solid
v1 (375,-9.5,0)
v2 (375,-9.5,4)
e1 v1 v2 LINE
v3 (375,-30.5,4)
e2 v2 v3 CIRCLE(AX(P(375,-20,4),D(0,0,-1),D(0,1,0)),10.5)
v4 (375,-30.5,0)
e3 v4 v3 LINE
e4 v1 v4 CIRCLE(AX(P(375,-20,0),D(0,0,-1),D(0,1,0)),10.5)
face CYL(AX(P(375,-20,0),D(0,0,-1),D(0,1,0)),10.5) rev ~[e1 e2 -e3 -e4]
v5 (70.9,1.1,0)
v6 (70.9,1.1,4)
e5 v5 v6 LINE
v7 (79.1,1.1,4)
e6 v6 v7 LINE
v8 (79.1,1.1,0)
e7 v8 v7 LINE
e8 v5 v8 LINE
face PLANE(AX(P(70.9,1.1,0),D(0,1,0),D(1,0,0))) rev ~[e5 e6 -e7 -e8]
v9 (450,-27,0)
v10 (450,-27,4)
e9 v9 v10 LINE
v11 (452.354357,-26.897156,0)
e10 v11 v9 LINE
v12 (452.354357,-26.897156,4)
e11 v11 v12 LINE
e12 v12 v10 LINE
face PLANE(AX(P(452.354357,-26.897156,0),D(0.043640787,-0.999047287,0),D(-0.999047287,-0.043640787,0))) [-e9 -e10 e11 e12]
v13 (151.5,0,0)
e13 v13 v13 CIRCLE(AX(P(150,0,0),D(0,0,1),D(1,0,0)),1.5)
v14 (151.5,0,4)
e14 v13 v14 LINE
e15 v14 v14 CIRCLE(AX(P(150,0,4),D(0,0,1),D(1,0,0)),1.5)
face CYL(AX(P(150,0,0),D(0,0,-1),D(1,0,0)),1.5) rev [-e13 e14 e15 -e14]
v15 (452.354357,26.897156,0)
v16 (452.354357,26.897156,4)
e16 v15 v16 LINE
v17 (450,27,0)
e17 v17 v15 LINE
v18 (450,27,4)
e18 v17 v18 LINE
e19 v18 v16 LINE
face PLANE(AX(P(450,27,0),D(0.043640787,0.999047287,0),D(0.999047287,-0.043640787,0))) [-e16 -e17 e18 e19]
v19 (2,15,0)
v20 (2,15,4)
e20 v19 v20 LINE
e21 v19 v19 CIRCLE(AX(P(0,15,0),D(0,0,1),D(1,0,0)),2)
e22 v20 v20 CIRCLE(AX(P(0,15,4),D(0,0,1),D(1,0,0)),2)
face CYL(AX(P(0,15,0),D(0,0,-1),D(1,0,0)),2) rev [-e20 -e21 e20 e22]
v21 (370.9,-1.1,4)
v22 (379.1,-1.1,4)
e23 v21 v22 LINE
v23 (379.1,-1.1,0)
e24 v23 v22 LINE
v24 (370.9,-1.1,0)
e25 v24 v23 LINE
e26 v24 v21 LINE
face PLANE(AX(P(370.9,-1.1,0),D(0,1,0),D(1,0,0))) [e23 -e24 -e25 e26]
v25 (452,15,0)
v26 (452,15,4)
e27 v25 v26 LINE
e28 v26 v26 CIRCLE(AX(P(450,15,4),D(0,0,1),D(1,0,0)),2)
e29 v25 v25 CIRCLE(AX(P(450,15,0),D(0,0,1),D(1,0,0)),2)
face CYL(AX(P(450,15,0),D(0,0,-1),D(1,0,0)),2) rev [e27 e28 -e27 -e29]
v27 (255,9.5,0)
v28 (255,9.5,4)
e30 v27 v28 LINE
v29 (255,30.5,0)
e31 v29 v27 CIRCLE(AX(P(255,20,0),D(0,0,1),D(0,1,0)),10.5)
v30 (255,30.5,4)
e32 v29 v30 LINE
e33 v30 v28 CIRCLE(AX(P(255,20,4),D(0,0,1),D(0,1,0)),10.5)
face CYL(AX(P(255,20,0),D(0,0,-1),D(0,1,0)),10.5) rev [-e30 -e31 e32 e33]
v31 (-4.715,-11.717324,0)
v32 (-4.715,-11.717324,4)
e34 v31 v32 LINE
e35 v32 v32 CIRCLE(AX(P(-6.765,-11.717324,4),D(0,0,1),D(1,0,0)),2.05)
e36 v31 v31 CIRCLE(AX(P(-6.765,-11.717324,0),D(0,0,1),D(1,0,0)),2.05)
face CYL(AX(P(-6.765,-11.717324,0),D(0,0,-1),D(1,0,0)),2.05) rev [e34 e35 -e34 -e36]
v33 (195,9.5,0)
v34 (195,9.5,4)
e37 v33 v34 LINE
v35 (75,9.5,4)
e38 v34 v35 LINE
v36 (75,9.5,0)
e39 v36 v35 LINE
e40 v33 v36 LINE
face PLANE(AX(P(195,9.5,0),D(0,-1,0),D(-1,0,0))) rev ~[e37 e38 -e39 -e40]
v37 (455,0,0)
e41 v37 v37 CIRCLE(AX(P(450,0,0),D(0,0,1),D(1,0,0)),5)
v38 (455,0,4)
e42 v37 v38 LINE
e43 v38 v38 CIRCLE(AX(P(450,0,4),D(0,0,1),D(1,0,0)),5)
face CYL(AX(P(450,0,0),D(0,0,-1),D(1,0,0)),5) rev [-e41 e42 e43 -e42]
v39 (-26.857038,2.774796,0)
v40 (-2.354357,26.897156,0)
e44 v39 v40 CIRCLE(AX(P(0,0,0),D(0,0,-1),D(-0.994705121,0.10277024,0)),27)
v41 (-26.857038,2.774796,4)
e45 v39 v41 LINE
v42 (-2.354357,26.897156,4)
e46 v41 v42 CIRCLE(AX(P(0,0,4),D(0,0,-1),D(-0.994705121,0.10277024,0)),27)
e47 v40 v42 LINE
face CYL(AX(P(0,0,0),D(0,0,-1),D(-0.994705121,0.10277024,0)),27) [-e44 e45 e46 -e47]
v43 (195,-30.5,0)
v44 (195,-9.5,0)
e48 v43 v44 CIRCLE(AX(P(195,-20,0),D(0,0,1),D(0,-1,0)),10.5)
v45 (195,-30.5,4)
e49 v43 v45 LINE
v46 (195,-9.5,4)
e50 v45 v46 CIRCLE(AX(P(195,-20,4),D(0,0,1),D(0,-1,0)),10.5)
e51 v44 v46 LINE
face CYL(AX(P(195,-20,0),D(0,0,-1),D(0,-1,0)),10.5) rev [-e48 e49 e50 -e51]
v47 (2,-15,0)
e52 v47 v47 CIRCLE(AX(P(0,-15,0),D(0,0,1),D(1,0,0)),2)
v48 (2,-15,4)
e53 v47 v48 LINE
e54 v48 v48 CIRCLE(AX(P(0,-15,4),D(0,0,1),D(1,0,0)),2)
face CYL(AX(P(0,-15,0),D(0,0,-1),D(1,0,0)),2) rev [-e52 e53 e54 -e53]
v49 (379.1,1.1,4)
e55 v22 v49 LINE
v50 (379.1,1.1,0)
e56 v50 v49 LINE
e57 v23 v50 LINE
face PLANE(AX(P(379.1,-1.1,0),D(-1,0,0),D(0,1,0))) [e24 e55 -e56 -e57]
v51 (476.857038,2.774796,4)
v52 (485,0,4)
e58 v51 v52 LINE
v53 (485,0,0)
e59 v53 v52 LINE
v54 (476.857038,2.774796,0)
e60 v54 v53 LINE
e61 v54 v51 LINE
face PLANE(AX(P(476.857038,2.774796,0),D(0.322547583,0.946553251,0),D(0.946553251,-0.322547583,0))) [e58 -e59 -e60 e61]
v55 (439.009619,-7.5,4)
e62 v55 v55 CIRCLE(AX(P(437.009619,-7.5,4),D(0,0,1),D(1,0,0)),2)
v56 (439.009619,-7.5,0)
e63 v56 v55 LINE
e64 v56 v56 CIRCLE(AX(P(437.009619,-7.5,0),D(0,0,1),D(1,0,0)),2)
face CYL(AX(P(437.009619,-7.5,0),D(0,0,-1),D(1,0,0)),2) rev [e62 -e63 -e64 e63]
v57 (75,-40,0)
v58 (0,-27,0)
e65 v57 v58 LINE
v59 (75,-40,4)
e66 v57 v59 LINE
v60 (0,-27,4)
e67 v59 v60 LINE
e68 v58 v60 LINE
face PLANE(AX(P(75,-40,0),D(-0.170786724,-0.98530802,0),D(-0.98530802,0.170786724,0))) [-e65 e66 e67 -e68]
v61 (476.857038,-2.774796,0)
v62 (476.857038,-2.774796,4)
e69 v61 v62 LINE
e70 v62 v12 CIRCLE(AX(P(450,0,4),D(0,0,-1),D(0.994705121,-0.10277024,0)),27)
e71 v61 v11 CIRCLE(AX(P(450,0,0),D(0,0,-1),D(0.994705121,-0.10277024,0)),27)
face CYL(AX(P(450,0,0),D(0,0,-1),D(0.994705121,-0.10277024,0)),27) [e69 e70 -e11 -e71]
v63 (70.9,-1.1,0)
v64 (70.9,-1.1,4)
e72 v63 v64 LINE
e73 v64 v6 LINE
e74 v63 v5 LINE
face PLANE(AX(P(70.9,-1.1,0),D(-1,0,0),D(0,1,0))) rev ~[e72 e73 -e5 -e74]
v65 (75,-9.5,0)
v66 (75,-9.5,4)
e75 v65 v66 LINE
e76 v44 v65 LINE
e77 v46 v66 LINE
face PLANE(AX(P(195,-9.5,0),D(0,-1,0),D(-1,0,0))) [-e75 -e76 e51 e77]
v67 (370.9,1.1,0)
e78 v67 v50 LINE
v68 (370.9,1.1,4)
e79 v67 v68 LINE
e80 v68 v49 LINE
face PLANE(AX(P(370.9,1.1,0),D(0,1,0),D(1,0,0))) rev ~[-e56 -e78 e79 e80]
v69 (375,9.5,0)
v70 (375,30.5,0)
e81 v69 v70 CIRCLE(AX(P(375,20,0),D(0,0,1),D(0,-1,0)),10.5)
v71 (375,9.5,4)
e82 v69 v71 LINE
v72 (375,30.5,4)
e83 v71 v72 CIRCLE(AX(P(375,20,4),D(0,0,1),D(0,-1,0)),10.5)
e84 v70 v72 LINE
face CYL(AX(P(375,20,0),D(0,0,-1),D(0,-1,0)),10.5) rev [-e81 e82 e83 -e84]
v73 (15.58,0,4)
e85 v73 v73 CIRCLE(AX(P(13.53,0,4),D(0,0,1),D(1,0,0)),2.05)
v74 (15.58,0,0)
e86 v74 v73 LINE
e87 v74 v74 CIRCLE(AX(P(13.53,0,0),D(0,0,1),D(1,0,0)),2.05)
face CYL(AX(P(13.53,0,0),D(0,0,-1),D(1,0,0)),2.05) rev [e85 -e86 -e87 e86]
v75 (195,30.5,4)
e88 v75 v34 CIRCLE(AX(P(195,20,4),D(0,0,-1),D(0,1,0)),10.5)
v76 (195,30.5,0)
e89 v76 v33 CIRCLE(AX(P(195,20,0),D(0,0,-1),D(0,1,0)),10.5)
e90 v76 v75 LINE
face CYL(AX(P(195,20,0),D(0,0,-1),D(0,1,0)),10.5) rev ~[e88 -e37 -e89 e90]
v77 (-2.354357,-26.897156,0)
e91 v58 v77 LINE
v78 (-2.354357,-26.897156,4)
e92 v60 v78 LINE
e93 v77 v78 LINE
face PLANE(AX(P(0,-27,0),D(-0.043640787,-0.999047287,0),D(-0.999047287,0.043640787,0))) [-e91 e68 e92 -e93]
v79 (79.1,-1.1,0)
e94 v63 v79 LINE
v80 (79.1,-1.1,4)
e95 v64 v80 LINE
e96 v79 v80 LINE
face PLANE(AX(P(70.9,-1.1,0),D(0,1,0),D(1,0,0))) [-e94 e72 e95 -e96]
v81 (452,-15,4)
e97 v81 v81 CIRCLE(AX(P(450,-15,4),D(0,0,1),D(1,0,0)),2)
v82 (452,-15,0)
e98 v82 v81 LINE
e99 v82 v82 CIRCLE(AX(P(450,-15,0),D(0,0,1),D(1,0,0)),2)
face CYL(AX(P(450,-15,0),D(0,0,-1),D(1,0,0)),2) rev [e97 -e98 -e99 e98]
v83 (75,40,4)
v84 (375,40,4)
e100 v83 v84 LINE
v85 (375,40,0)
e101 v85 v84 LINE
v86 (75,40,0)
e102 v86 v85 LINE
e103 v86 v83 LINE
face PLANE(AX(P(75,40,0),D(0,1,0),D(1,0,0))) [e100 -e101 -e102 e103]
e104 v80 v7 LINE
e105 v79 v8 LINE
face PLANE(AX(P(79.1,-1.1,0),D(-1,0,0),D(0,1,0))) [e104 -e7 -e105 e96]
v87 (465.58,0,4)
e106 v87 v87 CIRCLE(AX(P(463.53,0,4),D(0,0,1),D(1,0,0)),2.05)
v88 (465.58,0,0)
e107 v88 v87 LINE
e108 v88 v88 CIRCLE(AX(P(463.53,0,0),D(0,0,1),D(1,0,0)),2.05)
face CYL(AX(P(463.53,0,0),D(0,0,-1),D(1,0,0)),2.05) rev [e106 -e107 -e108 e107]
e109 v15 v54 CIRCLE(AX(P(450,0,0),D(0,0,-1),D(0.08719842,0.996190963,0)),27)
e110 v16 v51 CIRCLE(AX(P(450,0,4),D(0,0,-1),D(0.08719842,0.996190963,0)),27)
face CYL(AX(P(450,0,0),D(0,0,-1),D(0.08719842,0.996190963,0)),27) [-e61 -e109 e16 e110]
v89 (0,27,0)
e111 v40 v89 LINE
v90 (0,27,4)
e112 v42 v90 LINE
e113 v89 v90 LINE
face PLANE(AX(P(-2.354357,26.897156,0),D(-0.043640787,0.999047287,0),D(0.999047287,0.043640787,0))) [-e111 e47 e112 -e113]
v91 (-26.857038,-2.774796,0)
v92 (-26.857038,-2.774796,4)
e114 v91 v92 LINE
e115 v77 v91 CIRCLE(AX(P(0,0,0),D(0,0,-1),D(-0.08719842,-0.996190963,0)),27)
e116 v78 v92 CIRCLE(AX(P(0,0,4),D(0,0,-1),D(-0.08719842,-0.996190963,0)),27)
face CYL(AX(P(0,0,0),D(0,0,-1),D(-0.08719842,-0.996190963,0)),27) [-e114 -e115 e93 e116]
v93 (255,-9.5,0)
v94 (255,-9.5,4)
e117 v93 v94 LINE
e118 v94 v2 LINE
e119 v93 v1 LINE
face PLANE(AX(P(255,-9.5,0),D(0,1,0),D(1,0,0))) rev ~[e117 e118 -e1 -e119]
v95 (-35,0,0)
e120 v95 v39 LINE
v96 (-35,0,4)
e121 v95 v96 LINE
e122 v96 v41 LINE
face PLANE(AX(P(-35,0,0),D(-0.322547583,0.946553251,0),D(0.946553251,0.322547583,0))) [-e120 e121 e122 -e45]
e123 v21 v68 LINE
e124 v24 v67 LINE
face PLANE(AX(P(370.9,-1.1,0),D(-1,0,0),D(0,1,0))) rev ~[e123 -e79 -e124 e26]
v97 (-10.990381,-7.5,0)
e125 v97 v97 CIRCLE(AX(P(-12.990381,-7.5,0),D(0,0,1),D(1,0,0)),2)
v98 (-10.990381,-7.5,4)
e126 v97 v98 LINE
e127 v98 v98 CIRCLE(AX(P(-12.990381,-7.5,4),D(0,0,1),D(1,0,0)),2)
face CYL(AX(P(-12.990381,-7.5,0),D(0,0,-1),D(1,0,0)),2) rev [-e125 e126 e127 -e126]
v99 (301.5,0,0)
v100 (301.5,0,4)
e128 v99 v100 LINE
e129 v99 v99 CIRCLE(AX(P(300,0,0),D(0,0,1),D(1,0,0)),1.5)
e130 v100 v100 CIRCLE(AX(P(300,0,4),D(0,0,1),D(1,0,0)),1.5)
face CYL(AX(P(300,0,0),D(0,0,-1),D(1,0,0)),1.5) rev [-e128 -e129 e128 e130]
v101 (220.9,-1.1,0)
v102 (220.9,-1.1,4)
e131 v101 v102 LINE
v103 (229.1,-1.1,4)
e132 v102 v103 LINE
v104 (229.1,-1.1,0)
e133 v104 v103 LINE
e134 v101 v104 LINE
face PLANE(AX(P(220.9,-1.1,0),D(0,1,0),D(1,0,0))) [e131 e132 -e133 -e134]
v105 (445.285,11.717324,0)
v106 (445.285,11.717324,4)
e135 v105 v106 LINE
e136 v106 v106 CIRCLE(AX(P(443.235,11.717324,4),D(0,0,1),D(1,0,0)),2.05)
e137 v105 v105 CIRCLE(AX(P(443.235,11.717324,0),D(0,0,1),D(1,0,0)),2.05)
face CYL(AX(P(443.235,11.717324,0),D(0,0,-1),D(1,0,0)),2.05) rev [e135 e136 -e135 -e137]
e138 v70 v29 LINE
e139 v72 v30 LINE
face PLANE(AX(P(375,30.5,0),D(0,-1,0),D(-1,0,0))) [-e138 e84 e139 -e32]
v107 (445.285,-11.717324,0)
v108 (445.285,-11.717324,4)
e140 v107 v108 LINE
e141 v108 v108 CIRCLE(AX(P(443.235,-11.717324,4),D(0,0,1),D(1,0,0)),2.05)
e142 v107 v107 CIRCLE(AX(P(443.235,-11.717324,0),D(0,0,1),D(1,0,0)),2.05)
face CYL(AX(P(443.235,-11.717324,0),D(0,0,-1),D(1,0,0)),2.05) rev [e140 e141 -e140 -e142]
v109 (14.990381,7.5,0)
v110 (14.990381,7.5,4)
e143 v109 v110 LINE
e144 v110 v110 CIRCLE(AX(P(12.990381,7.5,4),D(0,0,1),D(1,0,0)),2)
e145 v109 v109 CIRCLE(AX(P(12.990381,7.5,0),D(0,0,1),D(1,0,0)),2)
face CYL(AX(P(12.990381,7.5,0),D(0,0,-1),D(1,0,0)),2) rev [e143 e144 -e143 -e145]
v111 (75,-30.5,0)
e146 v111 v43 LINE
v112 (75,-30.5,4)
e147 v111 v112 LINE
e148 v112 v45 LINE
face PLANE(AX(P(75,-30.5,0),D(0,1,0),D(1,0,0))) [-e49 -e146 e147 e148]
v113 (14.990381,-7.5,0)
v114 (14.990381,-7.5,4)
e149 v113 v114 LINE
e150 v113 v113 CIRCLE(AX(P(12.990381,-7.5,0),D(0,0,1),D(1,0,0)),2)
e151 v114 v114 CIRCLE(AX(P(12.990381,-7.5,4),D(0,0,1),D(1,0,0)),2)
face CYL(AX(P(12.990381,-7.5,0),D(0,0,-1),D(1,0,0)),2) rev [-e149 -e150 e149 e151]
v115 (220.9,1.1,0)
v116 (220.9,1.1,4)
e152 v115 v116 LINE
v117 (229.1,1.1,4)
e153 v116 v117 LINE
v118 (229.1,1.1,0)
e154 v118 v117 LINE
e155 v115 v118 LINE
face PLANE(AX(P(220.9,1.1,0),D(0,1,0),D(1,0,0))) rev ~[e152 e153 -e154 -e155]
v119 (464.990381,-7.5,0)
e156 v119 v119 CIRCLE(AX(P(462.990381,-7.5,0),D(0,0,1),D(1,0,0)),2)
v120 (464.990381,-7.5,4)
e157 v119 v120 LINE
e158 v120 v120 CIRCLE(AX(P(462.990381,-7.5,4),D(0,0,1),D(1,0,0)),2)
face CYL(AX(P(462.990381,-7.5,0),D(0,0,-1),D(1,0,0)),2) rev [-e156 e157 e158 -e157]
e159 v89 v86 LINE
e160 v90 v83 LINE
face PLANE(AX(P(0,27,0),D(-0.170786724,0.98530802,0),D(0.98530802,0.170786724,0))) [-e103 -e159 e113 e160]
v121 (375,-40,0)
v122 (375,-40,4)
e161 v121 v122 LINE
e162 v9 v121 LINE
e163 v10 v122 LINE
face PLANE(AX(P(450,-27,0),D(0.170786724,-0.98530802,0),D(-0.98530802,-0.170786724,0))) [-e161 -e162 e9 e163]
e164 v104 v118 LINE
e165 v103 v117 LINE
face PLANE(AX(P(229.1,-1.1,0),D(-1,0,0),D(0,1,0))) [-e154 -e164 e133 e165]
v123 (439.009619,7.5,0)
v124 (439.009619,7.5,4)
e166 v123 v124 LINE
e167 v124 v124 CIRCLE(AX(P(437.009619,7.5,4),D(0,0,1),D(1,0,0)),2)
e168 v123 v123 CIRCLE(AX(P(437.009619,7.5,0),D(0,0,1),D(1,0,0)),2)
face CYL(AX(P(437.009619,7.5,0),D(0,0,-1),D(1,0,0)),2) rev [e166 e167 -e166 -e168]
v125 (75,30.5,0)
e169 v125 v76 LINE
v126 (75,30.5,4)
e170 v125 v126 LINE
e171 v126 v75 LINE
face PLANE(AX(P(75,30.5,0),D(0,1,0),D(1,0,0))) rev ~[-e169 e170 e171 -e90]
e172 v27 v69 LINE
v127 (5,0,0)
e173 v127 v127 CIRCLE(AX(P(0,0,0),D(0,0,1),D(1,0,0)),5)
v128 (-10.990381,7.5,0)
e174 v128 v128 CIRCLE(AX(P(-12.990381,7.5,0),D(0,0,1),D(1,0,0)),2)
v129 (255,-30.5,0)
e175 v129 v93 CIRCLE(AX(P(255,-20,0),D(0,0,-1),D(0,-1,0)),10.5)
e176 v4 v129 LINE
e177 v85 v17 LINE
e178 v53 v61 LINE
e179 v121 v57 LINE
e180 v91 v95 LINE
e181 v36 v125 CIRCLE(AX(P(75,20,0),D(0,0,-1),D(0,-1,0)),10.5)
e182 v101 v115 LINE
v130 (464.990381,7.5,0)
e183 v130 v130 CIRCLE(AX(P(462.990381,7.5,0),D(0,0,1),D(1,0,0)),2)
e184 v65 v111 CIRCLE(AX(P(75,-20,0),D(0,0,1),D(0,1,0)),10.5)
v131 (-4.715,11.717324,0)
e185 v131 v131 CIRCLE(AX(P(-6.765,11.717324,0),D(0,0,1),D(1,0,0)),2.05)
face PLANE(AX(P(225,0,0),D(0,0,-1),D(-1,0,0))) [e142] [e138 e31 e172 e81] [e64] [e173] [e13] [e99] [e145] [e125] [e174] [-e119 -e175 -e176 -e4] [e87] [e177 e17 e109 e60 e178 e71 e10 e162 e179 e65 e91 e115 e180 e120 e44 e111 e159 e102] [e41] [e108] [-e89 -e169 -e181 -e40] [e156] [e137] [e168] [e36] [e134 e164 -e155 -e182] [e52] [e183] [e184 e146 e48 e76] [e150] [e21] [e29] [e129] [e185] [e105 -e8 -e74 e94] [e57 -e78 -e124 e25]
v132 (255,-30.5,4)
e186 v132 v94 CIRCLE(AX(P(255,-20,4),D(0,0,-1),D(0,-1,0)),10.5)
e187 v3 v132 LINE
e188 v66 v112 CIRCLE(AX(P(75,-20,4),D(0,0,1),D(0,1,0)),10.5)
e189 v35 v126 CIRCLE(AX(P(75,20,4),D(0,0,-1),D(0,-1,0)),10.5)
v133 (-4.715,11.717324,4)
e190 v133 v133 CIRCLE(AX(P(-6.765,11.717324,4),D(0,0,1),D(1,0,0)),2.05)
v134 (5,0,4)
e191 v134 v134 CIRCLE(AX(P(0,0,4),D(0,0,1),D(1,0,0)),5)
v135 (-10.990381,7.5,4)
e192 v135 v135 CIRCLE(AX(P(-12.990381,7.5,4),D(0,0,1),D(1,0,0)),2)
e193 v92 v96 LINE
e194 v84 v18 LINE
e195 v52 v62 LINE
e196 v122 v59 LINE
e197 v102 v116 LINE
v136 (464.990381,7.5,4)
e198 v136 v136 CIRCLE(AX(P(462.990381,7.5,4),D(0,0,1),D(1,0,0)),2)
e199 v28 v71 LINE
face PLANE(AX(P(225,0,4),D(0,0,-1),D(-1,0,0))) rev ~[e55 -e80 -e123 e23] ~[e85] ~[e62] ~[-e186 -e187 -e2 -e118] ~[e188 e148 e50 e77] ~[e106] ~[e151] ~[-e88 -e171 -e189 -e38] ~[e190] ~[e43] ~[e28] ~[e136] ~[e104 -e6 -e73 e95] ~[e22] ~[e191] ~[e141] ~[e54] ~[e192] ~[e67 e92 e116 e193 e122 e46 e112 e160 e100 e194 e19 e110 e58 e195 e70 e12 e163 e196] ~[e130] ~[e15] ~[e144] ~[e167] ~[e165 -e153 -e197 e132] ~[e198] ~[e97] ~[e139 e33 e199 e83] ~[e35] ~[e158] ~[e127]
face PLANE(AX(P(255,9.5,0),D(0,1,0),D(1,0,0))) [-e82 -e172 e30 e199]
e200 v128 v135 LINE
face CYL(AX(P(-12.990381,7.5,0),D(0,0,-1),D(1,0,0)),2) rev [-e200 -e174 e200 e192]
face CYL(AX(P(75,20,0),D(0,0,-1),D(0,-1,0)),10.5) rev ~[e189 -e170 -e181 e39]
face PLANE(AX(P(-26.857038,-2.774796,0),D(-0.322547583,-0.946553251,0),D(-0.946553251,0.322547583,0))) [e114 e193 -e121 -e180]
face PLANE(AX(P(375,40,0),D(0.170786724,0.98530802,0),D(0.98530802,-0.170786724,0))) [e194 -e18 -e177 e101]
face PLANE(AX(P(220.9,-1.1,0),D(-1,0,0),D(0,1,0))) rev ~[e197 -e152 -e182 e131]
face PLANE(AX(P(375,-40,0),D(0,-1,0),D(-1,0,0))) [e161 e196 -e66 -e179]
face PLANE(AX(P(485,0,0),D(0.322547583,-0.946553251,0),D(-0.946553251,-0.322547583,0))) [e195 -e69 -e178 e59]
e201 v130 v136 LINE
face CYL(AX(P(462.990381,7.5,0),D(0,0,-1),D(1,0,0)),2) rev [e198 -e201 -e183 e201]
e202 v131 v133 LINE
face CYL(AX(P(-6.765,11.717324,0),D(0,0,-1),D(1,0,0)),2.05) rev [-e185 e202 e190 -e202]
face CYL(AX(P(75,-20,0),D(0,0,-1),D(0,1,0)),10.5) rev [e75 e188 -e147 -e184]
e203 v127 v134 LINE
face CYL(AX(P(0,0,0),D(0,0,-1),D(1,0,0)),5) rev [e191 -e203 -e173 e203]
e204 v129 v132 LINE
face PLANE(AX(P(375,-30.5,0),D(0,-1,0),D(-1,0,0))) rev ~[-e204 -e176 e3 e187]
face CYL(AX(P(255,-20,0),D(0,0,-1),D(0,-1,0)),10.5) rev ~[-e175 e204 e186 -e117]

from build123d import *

# Parameters (mm, degrees)
SKETCH_1_R      = 2
SKETCH_1_R_2    = 2.05
SKETCH_1_R_3    = 5
SKETCH_1_R_4    = 1.5
SKETCH_1_W      = 8.2
SKETCH_1_H      = 2.2
EXTRUDE_1_DEPTH = 4


with BuildPart() as part:
    # 草图1 → 凸台-拉伸1 (new body)
    with BuildSketch(Plane.XY):
        with BuildLine():
            Line((375, 40), (450, 27))
            Line((450, 27), (452.35435733, 26.897156013))
            ThreePointArc((452.35435733, 26.897156013), (468.941976287, 19.240621984), (476.857038268, 2.774796472))
            Line((476.857038268, 2.774796472), (485, 0))
            Line((485, 0), (476.857038268, -2.774796472))
            ThreePointArc((476.857038268, -2.774796472), (468.941976287, -19.240621984), (452.35435733, -26.897156013))
            Line((452.35435733, -26.897156013), (450, -27))
            Line((450, -27), (375, -40))
            Line((375, -40), (75, -40))
            Line((75, -40), (0, -27))
            Line((0, -27), (-2.35435733, -26.897156013))
            ThreePointArc((-2.35435733, -26.897156013), (-18.941976287, -19.240621984), (-26.857038268, -2.774796472))
            Line((-26.857038268, -2.774796472), (-35, 0))
            Line((-35, 0), (-26.857038268, 2.774796472))
            ThreePointArc((-26.857038268, 2.774796472), (-18.941976287, 19.240621984), (-2.35435733, 26.897156013))
            Line((-2.35435733, 26.897156013), (0, 27))
            Line((0, 27), (75, 40))
            Line((75, 40), (375, 40))
        make_face()
        with Locations((0, -15)):
            Circle(SKETCH_1_R, mode=Mode.SUBTRACT)
        with Locations((-12.990381057, -7.5)):
            Circle(SKETCH_1_R, mode=Mode.SUBTRACT)
        with Locations((-12.990381057, 7.5)):
            Circle(SKETCH_1_R, mode=Mode.SUBTRACT)
        with Locations((0, 15)):
            Circle(SKETCH_1_R, mode=Mode.SUBTRACT)
        with Locations((12.990381057, 7.5)):
            Circle(SKETCH_1_R, mode=Mode.SUBTRACT)
        with Locations((12.990381057, -7.5)):
            Circle(SKETCH_1_R, mode=Mode.SUBTRACT)
        with Locations((13.53, 0)):
            Circle(SKETCH_1_R_2, mode=Mode.SUBTRACT)
        with Locations((-6.765, -11.717323713)):
            Circle(SKETCH_1_R_2, mode=Mode.SUBTRACT)
        with Locations((-6.765, 11.717323713)):
            Circle(SKETCH_1_R_2, mode=Mode.SUBTRACT)
        Circle(SKETCH_1_R_3, mode=Mode.SUBTRACT)
        with Locations((450, -15)):
            Circle(SKETCH_1_R, mode=Mode.SUBTRACT)
        with Locations((437.009618943, -7.5)):
            Circle(SKETCH_1_R, mode=Mode.SUBTRACT)
        with Locations((437.009618943, 7.5)):
            Circle(SKETCH_1_R, mode=Mode.SUBTRACT)
        with Locations((450, 15)):
            Circle(SKETCH_1_R, mode=Mode.SUBTRACT)
        with Locations((462.990381057, 7.5)):
            Circle(SKETCH_1_R, mode=Mode.SUBTRACT)
        with Locations((462.990381057, -7.5)):
            Circle(SKETCH_1_R, mode=Mode.SUBTRACT)
        with Locations((463.53, 0)):
            Circle(SKETCH_1_R_2, mode=Mode.SUBTRACT)
        with Locations((443.235, -11.717323713)):
            Circle(SKETCH_1_R_2, mode=Mode.SUBTRACT)
        with Locations((443.235, 11.717323713)):
            Circle(SKETCH_1_R_2, mode=Mode.SUBTRACT)
        with Locations((450, 0)):
            Circle(SKETCH_1_R_3, mode=Mode.SUBTRACT)
        with Locations((300, 0)):
            Circle(SKETCH_1_R_4, mode=Mode.SUBTRACT)
        with Locations((150, 0)):
            Circle(SKETCH_1_R_4, mode=Mode.SUBTRACT)
        with Locations((225, 0)):
            Rectangle(SKETCH_1_W, SKETCH_1_H, mode=Mode.SUBTRACT)
        with Locations((75, 0)):
            Rectangle(SKETCH_1_W, SKETCH_1_H, mode=Mode.SUBTRACT)
        with Locations((375, 0)):
            Rectangle(SKETCH_1_W, SKETCH_1_H, mode=Mode.SUBTRACT)
        with BuildLine():
            Line((75, 30.5), (195, 30.5))
            ThreePointArc((195, 30.5), (205.5, 20), (195, 9.5))
            Line((195, 9.5), (75, 9.5))
            ThreePointArc((75, 9.5), (64.5, 20), (75, 30.5))
        make_face(mode=Mode.SUBTRACT)
        with BuildLine():
            Line((375, 30.5), (255, 30.5))
            ThreePointArc((255, 30.5), (244.5, 20), (255, 9.5))
            Line((255, 9.5), (375, 9.5))
            ThreePointArc((375, 9.5), (385.5, 20), (375, 30.5))
        make_face(mode=Mode.SUBTRACT)
        with BuildLine():
            Line((75, -30.5), (195, -30.5))
            ThreePointArc((195, -30.5), (205.5, -20), (195, -9.5))
            Line((195, -9.5), (75, -9.5))
            ThreePointArc((75, -9.5), (64.5, -20), (75, -30.5))
        make_face(mode=Mode.SUBTRACT)
        with BuildLine():
            Line((375, -30.5), (255, -30.5))
            ThreePointArc((255, -30.5), (244.5, -20), (255, -9.5))
            Line((255, -9.5), (375, -9.5))
            ThreePointArc((375, -9.5), (385.5, -20), (375, -30.5))
        make_face(mode=Mode.SUBTRACT)
    extrude(amount=EXTRUDE_1_DEPTH)


solid = part.part
